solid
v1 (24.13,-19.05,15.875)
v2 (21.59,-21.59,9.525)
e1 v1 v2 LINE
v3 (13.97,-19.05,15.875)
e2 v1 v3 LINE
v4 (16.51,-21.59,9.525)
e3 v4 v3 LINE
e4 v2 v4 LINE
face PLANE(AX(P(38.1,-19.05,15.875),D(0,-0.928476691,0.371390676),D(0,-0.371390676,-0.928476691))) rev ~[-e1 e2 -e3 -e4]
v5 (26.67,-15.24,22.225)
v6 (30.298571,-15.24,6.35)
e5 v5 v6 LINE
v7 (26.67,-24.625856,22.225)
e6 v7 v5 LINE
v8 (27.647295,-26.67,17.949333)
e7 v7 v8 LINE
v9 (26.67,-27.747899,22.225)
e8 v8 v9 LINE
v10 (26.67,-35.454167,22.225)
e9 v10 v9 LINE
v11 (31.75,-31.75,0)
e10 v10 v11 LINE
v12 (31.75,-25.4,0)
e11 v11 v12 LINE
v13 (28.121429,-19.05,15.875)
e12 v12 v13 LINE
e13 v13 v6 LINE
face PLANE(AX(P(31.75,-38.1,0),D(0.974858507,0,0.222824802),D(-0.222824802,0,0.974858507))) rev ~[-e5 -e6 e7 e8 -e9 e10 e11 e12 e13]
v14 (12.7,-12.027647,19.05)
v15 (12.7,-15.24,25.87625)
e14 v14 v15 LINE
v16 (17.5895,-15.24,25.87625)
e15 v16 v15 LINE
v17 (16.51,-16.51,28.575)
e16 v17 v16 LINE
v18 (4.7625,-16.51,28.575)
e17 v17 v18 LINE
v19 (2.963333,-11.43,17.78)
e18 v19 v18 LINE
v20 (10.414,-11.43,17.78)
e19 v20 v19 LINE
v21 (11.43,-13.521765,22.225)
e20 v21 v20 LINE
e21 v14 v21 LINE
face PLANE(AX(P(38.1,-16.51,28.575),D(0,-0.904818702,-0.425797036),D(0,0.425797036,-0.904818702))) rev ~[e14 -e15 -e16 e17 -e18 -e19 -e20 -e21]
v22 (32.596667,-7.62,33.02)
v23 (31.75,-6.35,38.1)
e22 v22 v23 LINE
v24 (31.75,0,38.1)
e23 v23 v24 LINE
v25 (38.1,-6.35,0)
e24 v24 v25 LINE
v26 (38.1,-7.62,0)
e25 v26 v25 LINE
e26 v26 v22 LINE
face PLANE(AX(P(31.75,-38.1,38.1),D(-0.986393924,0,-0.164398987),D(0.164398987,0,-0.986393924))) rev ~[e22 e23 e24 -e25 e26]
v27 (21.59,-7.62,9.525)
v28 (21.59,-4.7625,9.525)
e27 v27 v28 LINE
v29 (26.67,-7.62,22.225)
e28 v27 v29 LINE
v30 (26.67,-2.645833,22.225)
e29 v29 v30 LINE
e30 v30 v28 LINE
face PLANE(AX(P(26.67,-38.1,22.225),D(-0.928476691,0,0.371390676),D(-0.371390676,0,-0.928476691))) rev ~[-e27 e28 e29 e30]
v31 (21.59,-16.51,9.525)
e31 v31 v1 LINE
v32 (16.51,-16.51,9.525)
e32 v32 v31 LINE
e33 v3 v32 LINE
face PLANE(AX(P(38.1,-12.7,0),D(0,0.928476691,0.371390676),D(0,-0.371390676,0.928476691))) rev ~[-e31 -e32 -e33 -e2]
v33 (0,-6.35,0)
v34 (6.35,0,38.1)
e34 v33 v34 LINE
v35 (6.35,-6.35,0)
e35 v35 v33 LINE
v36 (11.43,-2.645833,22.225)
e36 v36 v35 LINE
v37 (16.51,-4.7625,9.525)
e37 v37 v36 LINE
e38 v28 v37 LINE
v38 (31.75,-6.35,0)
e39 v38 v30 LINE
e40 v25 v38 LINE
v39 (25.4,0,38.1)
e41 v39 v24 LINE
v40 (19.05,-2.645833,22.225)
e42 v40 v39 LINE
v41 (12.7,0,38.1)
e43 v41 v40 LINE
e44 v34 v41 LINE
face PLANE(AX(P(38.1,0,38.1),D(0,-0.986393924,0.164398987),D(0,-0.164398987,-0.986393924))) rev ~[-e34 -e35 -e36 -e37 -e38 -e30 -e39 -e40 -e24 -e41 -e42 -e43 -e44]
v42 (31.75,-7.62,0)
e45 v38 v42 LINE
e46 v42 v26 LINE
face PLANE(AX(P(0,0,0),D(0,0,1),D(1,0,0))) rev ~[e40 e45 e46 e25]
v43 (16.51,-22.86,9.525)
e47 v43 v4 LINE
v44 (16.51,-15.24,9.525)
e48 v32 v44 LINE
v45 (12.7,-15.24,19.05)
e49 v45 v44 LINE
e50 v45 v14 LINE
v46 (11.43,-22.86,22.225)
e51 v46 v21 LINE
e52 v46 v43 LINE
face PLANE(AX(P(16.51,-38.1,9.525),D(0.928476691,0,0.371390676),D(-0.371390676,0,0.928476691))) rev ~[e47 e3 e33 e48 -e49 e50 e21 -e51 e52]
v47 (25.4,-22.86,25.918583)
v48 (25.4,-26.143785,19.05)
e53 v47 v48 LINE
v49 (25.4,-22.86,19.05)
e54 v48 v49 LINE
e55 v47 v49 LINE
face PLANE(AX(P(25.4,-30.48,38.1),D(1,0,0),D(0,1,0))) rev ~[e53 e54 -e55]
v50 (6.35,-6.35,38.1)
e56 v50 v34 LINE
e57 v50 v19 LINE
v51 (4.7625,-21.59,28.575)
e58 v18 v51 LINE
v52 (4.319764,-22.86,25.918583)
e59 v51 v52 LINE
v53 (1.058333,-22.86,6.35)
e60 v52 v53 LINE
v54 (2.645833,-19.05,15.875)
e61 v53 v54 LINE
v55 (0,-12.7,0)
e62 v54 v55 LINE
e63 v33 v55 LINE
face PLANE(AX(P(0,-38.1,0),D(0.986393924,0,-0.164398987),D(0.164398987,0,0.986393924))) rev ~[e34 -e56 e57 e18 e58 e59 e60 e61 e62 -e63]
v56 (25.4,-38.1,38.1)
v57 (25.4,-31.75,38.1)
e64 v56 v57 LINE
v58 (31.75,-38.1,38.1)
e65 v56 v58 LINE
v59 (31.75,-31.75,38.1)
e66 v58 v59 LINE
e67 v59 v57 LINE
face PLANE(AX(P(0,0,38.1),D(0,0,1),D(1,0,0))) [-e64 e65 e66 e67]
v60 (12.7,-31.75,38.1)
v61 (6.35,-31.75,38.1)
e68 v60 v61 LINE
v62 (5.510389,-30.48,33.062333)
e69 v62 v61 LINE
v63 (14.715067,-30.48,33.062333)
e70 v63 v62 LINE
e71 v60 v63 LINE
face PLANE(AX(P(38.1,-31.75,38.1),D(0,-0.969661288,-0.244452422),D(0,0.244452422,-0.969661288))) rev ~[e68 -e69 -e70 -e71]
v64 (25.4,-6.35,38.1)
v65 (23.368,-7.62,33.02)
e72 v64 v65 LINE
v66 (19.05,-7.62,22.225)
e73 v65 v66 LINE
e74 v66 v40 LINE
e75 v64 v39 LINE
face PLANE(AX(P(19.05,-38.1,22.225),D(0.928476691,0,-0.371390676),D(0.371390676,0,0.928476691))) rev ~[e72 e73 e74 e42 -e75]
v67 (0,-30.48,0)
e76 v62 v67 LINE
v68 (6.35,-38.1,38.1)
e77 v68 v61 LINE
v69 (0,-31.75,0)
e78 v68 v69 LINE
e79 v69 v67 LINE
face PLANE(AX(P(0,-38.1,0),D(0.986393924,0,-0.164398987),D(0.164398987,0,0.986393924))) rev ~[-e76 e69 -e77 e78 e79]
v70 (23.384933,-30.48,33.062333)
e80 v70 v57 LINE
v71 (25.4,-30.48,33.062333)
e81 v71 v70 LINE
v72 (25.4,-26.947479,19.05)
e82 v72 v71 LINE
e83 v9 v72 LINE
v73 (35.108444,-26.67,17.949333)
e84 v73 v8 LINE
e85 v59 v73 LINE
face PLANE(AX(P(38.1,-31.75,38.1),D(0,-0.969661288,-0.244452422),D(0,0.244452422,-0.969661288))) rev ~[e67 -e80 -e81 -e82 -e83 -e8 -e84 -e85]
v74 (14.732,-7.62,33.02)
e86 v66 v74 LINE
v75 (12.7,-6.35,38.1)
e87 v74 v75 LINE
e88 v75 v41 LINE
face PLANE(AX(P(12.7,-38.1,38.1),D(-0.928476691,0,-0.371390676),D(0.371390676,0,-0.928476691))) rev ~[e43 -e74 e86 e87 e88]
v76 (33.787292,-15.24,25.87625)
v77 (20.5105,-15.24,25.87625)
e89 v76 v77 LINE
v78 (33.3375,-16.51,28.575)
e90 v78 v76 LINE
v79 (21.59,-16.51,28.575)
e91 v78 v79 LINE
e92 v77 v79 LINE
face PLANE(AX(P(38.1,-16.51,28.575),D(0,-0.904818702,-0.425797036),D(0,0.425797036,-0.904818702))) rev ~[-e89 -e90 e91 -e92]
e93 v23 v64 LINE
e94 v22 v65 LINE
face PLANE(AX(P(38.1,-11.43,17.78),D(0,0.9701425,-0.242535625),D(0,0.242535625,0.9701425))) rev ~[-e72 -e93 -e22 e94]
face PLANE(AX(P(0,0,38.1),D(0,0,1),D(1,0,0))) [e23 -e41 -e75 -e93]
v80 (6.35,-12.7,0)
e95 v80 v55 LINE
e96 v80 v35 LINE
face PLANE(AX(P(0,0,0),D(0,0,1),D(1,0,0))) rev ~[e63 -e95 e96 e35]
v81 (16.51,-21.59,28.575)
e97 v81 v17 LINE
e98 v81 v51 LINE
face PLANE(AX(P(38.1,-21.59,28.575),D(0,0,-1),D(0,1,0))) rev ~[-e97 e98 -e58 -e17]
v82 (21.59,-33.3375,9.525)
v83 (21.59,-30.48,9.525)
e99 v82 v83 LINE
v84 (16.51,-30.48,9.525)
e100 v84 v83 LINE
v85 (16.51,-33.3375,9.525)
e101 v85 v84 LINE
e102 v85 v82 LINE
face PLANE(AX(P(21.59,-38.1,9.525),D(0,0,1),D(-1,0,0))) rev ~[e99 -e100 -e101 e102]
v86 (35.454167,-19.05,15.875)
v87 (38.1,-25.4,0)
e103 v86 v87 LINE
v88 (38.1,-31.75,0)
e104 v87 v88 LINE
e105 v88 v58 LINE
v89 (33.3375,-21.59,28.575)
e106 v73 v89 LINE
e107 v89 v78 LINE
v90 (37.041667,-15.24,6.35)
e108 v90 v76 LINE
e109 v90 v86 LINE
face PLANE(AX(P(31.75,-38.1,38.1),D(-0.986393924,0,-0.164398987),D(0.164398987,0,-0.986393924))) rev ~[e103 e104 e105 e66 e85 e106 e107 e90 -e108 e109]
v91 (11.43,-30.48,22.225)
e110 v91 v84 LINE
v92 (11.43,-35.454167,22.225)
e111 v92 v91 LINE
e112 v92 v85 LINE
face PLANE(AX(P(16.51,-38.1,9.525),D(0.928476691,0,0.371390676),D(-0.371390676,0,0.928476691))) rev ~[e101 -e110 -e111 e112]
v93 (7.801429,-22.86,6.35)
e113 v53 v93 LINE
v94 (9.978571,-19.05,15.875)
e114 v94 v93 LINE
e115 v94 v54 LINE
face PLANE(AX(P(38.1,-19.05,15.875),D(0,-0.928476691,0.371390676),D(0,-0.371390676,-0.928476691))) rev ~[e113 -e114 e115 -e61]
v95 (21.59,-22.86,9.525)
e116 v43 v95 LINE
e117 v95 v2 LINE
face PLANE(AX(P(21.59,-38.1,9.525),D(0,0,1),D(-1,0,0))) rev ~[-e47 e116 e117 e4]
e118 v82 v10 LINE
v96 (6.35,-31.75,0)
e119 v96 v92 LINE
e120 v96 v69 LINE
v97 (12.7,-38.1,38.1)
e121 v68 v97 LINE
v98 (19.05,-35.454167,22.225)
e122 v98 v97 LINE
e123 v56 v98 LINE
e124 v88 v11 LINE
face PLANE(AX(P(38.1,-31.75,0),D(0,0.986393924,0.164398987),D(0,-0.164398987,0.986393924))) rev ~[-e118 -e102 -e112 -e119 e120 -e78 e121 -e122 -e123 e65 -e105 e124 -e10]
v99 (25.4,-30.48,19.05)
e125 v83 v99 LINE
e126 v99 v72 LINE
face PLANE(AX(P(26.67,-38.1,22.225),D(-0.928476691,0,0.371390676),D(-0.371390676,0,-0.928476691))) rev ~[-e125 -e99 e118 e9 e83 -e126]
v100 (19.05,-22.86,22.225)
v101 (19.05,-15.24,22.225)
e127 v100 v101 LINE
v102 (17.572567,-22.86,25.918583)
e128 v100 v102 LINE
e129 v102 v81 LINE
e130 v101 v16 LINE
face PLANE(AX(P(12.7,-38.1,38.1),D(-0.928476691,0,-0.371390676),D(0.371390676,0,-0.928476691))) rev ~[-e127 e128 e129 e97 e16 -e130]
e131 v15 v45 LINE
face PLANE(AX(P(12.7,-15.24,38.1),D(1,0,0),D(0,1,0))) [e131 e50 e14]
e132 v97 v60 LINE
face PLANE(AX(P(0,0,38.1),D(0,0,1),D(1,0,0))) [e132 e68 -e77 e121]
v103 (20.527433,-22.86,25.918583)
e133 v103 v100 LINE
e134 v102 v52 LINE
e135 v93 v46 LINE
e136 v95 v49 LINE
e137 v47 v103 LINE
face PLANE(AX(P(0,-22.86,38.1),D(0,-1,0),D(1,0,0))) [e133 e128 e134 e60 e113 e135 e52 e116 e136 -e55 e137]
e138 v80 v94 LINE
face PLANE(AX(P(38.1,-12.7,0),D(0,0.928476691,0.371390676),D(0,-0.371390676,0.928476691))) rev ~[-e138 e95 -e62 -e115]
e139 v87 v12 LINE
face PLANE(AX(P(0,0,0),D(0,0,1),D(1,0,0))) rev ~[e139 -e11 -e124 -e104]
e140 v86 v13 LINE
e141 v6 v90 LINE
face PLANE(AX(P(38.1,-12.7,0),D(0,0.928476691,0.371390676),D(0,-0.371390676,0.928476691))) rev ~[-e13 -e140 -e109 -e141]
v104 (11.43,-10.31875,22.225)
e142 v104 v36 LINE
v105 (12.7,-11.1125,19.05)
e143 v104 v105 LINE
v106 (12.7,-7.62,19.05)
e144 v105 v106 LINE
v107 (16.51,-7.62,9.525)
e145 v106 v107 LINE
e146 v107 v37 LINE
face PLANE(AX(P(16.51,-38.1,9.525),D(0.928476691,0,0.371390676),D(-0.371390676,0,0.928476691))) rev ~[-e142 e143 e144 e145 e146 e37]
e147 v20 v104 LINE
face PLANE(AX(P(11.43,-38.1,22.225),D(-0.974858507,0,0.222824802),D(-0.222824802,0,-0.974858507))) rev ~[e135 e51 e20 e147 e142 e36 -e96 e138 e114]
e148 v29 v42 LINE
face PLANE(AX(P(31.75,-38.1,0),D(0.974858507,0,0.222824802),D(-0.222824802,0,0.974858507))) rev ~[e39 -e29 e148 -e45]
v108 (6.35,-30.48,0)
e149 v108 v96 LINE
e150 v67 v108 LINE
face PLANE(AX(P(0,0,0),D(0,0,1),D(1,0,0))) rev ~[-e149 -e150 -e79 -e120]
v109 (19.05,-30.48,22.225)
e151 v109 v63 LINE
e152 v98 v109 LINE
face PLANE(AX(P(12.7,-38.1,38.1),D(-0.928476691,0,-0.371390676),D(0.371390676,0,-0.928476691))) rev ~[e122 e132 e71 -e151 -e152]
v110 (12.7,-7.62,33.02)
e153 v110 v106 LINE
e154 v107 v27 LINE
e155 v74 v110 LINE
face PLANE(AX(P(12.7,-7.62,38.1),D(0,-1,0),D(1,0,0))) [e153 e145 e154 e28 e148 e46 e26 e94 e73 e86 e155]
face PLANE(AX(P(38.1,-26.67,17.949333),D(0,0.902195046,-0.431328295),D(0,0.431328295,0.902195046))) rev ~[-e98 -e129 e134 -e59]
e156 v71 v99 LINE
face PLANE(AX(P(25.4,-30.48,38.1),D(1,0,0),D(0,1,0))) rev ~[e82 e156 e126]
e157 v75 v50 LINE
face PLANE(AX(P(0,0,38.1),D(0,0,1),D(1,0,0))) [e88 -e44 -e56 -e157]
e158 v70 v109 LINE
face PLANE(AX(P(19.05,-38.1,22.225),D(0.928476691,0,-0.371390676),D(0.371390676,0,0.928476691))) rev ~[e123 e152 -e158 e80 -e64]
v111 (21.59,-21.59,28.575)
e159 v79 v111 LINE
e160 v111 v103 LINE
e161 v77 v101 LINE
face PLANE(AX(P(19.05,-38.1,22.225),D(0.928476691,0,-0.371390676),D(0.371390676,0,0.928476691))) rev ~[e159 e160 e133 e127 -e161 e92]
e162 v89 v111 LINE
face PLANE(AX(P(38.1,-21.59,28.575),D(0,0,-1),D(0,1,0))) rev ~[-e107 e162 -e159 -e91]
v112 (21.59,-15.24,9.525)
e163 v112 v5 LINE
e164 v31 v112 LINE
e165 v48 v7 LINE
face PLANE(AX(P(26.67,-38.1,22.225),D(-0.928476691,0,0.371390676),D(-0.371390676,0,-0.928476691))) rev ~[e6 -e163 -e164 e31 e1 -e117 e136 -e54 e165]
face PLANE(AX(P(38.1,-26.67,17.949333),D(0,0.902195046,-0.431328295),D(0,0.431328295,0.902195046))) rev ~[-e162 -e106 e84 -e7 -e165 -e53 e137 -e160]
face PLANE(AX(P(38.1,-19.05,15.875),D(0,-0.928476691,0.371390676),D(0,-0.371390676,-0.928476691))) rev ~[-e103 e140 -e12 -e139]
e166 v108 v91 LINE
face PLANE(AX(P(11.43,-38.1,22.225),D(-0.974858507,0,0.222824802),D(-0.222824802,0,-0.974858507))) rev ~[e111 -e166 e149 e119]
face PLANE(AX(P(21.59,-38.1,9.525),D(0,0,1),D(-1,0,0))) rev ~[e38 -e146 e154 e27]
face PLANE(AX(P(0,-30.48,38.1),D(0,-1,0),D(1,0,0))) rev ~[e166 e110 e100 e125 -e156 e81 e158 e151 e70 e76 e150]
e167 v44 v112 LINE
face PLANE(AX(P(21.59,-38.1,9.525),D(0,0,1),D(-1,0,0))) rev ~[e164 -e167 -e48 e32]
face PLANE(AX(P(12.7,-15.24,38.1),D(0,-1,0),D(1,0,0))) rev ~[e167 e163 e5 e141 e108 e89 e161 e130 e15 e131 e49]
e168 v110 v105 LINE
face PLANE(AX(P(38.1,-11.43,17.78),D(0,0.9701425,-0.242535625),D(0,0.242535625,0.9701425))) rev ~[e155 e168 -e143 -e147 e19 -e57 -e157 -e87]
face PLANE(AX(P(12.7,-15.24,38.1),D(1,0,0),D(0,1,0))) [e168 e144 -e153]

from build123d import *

# Parameters (mm, degrees)
F0_W      = 38.1
F0_H      = 38.1
F1_DEPTH  = 38.1
F6_DEPTH  = 38.1
F8_DEPTH  = 38.1
F9_W      = 25.4
F9_H      = 7.62
F10_DEPTH = 38.1
F11_W     = 25.4
F11_H     = 7.62
F12_DEPTH = 38.1


with BuildPart() as f1:
    # F0 (on Front) → F1 (new body)
    with BuildSketch(Plane.XZ):
        with Locations((19.05, 19.05)):
            Rectangle(F0_W, F0_H)
    extrude(amount=F1_DEPTH)

    # F5 (on offset) → F6 (cut)
    with BuildSketch(Plane.YZ.offset(38.1)):
        Polygon((-31.75, 0), (-38.1, 38.1), (-38.1, 0), align=None)
        Polygon((-19.05, 15.875), (-25.4, 0), (-12.7, 0), align=None)
        Polygon((0, 0), (0, 38.1), (-6.35, 0), align=None)
        Polygon((-6.35, 38.1), (-31.75, 38.1), (-26.67, 17.949333), (-21.59, 28.575), (-16.51, 28.575), (-11.43, 17.78), align=None)
    extrude(amount=-F6_DEPTH, mode=Mode.SUBTRACT)

    # F7 (on offset) → F8 (cut)
    with BuildSketch(Plane.XZ.offset(38.1)):
        Polygon((25.4, 38.1), (12.7, 38.1), (19.05, 22.225), align=None)
        Polygon((6.35, 38.1), (0, 38.1), (0, 0), align=None)
        Polygon((11.43, 22.225), (6.35, 0), (31.75, 0), (26.67, 22.225), (21.59, 9.525), (16.51, 9.525), align=None)
        Polygon((38.1, 38.1), (31.75, 38.1), (38.1, 0), align=None)
    extrude(amount=-F8_DEPTH, mode=Mode.SUBTRACT)

    # F9 (on Top) → F10 (cut)
    with BuildSketch(Plane.XY):
        with Locations((12.7, -26.67)):
            Rectangle(F9_W, F9_H)
        with Locations((25.4, -11.43)):
            Rectangle(F9_W, F9_H)
    extrude(amount=-F10_DEPTH, mode=Mode.SUBTRACT)

    # F11 (on offset) → F12 (cut)
    with BuildSketch(Plane.XY.offset(38.1)):
        with Locations((12.7, -26.67)):
            Rectangle(F11_W, F11_H)
        with Locations((25.4, -11.43)):
            Rectangle(F11_W, F11_H)
    extrude(amount=-F12_DEPTH, mode=Mode.SUBTRACT)


solid = f1.part
